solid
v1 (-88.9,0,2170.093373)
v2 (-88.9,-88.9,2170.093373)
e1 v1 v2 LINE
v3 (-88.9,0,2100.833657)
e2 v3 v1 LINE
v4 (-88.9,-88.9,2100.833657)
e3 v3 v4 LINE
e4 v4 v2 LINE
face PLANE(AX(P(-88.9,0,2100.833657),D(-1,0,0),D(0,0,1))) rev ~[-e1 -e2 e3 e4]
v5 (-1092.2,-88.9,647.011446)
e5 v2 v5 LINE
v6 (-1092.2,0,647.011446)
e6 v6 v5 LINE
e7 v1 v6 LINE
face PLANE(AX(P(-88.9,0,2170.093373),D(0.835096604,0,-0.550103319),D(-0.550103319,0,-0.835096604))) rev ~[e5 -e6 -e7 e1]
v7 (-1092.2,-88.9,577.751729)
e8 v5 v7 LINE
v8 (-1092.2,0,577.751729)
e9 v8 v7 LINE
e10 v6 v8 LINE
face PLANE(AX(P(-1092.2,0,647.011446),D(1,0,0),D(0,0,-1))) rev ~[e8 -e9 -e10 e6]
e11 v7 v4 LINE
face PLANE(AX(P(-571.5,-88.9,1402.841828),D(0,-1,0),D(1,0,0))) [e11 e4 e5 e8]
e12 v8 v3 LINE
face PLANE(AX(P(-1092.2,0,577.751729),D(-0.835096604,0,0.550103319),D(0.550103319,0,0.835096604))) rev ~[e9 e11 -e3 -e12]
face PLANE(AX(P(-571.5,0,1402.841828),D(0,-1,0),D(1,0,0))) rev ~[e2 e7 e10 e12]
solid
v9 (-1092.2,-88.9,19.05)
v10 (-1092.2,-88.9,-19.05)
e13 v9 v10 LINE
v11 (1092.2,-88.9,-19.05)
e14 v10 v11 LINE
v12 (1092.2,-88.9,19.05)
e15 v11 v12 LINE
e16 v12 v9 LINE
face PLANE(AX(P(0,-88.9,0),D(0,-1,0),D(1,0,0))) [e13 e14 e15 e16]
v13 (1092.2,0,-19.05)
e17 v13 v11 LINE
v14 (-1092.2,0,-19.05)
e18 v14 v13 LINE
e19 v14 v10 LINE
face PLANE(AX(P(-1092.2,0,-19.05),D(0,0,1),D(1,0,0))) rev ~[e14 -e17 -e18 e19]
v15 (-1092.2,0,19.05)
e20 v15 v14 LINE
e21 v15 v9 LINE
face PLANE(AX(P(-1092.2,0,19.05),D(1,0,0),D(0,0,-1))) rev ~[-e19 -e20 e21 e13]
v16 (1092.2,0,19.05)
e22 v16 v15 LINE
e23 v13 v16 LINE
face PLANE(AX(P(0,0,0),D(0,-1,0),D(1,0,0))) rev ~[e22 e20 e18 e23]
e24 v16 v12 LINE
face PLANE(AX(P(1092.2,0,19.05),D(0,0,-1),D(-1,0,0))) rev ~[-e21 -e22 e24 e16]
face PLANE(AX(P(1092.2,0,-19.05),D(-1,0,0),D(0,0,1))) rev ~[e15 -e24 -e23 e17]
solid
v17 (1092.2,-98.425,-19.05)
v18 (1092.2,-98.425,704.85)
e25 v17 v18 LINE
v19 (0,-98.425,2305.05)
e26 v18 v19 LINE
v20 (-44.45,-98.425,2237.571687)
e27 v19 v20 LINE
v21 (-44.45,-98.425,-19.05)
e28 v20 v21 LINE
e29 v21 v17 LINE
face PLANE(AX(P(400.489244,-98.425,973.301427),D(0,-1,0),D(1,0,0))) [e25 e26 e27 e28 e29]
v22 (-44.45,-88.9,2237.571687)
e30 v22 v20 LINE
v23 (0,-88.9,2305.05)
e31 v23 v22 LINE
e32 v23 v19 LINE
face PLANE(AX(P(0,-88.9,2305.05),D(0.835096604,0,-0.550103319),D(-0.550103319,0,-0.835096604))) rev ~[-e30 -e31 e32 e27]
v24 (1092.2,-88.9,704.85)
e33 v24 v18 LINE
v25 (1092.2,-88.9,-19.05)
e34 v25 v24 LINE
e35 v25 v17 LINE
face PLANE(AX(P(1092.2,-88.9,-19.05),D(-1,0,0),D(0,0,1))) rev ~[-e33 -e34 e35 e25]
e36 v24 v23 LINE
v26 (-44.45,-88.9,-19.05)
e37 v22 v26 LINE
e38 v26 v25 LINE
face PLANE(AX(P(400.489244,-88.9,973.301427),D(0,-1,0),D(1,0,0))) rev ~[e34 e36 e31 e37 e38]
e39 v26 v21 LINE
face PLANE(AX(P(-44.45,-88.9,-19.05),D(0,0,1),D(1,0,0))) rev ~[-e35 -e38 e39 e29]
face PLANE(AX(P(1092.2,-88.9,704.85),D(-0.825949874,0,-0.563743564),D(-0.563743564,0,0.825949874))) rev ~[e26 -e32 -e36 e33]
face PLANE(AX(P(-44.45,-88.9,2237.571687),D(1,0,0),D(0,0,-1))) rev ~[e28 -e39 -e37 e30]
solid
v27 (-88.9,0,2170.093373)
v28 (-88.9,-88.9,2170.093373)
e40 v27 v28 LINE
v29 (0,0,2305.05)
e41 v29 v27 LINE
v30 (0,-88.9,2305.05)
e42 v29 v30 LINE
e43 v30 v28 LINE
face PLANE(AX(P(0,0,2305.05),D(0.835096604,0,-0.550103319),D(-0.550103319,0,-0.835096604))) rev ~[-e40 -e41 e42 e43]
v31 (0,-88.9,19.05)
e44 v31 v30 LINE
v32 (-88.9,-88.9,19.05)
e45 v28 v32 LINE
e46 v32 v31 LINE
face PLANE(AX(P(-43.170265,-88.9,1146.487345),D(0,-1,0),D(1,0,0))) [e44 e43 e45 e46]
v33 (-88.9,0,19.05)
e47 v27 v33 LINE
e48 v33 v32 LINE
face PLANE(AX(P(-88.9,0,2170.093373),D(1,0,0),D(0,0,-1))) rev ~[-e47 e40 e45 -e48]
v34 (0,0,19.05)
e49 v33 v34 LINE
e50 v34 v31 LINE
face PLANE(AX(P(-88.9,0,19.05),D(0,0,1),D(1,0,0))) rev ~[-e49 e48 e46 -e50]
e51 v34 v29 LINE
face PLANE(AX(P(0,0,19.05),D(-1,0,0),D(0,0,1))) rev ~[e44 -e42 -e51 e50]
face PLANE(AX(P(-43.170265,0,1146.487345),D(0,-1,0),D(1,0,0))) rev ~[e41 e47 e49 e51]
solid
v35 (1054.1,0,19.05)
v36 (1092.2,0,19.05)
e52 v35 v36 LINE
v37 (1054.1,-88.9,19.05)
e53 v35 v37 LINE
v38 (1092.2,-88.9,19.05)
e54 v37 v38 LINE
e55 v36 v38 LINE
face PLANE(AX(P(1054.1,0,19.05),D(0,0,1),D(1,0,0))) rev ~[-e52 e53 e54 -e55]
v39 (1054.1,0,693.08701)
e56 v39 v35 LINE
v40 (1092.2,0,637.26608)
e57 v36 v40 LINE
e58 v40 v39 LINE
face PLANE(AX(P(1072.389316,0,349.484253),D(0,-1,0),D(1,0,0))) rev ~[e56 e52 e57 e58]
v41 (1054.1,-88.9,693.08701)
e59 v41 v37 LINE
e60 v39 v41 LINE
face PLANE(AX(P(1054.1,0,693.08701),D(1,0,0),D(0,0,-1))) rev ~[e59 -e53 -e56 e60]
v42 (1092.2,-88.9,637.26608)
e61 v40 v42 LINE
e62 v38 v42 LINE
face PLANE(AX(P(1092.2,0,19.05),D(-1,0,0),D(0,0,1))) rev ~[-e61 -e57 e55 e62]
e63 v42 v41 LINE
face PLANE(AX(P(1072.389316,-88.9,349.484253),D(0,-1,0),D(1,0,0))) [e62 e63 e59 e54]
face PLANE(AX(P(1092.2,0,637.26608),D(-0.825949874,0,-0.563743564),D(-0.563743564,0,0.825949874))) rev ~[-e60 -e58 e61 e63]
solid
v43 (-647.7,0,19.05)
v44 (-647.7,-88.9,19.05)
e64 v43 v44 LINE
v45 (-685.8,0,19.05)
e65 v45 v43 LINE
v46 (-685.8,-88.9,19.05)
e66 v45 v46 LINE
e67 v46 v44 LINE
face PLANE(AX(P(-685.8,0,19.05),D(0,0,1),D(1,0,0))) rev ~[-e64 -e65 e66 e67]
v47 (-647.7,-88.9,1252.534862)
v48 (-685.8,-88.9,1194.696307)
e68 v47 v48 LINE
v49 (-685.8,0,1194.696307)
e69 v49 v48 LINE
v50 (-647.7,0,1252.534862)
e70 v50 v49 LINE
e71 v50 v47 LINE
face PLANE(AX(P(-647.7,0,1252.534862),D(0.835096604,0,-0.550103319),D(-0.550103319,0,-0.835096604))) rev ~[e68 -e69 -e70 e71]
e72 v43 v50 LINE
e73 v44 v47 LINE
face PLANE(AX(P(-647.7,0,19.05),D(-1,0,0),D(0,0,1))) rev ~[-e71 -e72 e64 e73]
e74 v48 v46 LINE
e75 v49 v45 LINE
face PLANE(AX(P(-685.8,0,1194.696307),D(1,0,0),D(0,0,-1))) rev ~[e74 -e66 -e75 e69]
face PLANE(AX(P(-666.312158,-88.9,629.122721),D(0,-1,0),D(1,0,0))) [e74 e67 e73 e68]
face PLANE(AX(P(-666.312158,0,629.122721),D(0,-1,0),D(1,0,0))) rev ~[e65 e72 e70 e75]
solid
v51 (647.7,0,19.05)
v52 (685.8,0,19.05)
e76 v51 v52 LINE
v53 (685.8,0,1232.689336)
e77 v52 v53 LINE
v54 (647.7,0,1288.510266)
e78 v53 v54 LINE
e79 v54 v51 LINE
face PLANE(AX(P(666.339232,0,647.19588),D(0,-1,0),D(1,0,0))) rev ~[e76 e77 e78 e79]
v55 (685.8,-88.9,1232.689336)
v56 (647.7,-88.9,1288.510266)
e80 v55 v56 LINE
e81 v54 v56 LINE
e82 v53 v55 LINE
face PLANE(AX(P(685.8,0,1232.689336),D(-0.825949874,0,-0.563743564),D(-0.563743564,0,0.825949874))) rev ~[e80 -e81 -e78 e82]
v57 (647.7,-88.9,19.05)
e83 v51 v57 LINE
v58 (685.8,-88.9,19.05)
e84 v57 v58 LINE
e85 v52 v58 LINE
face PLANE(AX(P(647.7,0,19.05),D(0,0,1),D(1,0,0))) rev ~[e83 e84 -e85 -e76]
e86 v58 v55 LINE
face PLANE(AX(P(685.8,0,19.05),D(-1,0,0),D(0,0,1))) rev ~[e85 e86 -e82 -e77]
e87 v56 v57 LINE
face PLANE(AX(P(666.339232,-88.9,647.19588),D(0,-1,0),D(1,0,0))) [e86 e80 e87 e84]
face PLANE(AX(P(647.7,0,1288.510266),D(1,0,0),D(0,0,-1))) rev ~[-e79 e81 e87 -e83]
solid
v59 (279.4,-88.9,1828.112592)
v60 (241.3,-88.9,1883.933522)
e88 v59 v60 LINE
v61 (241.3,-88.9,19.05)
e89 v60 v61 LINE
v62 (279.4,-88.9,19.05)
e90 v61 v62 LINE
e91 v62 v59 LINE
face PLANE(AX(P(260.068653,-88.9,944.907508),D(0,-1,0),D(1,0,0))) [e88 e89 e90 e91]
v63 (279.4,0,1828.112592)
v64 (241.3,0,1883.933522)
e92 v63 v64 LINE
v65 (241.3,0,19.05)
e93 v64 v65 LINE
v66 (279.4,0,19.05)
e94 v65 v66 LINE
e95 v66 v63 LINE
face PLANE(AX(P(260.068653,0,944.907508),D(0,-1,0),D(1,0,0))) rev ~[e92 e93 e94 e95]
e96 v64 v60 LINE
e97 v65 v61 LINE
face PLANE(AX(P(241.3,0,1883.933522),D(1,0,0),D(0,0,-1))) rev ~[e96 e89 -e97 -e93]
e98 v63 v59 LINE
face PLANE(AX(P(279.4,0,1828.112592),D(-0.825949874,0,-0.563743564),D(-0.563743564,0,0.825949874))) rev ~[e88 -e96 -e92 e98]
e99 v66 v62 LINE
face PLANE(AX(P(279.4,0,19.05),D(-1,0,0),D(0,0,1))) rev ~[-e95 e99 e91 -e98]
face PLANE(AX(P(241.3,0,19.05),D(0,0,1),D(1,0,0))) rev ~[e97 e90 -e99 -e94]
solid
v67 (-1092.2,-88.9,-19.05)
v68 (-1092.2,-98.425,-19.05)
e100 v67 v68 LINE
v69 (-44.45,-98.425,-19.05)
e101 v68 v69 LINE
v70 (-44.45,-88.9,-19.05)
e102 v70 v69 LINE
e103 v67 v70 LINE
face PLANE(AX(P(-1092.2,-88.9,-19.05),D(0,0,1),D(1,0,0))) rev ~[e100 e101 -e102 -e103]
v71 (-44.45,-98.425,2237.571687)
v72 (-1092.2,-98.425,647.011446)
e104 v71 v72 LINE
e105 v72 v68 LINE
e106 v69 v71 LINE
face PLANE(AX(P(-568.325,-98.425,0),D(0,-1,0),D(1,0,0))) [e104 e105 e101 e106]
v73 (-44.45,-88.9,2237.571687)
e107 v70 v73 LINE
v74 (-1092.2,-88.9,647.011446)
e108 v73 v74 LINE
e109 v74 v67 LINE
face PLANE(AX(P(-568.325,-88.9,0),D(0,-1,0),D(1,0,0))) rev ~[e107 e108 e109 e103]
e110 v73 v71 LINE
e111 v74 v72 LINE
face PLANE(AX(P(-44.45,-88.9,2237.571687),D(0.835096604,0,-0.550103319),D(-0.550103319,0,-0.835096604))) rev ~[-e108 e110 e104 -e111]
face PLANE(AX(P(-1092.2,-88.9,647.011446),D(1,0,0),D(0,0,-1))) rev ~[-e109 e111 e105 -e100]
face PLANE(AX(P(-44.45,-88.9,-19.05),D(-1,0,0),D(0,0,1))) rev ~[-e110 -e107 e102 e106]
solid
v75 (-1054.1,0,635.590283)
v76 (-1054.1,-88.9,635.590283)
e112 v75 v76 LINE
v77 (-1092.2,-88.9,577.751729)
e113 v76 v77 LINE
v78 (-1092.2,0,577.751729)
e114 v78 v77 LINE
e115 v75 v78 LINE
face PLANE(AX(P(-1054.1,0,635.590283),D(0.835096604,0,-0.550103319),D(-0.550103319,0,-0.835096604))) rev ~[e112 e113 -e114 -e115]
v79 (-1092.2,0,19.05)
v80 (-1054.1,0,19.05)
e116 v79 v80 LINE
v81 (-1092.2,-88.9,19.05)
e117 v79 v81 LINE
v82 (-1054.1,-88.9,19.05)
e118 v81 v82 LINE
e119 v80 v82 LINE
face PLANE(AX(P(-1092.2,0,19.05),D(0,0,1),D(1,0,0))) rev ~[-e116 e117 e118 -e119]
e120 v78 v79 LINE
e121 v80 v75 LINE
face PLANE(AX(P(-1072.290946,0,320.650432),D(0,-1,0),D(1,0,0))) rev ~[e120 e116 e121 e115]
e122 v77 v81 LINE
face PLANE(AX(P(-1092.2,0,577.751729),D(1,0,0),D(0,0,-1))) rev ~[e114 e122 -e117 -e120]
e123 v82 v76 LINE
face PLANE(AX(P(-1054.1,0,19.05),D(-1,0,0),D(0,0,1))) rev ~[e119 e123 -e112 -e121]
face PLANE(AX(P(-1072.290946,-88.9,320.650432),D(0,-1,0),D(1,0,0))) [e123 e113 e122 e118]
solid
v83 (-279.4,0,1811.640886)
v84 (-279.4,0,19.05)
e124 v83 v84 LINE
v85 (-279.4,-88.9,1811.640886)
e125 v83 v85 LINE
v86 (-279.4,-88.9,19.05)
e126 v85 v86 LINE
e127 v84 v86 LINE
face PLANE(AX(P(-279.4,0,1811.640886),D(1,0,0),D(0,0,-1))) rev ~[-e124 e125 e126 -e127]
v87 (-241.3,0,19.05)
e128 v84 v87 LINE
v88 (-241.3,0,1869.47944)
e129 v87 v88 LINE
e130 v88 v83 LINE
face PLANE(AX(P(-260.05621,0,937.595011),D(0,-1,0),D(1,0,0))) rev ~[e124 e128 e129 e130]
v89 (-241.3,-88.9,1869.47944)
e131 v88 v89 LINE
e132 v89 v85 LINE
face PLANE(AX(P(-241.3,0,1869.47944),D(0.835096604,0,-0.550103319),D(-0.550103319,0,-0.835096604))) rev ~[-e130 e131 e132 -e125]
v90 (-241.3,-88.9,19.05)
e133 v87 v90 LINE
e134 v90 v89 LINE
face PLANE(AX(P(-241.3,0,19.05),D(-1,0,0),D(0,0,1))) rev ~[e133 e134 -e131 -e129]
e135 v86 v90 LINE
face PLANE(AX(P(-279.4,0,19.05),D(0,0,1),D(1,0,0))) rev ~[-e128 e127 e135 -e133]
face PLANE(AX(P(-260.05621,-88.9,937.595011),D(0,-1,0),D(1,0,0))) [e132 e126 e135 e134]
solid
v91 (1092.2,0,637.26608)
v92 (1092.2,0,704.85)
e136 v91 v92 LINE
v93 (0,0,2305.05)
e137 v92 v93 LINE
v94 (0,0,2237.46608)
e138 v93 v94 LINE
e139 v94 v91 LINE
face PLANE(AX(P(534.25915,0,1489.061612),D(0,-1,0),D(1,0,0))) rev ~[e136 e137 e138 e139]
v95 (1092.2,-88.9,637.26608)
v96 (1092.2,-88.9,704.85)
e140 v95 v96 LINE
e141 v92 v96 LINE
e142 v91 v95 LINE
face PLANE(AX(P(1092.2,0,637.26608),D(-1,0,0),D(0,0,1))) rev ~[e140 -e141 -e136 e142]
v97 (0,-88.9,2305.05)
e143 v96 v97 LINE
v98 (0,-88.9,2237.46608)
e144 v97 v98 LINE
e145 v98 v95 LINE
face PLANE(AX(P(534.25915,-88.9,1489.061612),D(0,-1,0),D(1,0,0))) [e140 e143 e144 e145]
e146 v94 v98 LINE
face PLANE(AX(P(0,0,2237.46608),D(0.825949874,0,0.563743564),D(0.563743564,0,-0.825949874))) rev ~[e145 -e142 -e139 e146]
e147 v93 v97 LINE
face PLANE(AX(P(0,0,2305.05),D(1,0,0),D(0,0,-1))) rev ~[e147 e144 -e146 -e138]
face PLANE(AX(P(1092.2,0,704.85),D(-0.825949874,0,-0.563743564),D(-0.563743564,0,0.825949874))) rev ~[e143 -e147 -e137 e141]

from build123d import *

# Parameters (mm, degrees)
F1_DEPTH = 88.9
F2_DEPTH = 88.9
F4_DEPTH = 9.525
F5_DEPTH = 9.525


with BuildPart() as f1:
    # F0 (on Front) → F1 (new body)
    with BuildSketch(Plane.XZ):
        Polygon((-1092.2, 577.7517291082), (-1092.2, 19.05), (-1054.1, 19.05), (-1054.1, 635.590283325), align=None)
    extrude(amount=F1_DEPTH)


with BuildPart() as f1b:
    # F0 (on Front) → F1, piece 2 (new body)
    with BuildSketch(Plane.XZ):
        Polygon((-685.8, 1194.6963074214), (-685.8, 19.05), (-647.7, 19.05), (-647.7, 1252.5348616383), align=None)
    extrude(amount=F1_DEPTH)


with BuildPart() as f1c:
    # F0 (on Front) → F1, piece 3 (new body)
    with BuildSketch(Plane.XZ):
        Polygon((-279.4, 1811.6408857347), (-279.4, 19.05), (-241.3, 19.05), (-241.3, 1869.4794399515), align=None)
    extrude(amount=F1_DEPTH)


with BuildPart() as f1d:
    # F0 (on Front) → F1, piece 4 (new body)
    with BuildSketch(Plane.XZ):
        Polygon((0, 2237.46607993), (0, 2305.05), (-88.9, 2170.093373494), (-88.9, 2100.833656819), (-88.9, 19.05), (0, 19.05), align=None)
    extrude(amount=F1_DEPTH)


with BuildPart() as f1e:
    # F0 (on Front) → F1, piece 5 (new body)
    with BuildSketch(Plane.XZ):
        Polygon((241.3, 19.05), (279.4, 19.05), (279.4, 1828.1125915579), (241.3, 1883.9335217905), align=None)
    extrude(amount=F1_DEPTH)


with BuildPart() as f1f:
    # F0 (on Front) → F1, piece 6 (new body)
    with BuildSketch(Plane.XZ):
        Polygon((647.7, 19.05), (685.8, 19.05), (685.8, 1232.689335744), (647.7, 1288.5102659765), align=None)
    extrude(amount=F1_DEPTH)


with BuildPart() as f1g:
    # F0 (on Front) → F1, piece 7 (new body)
    with BuildSketch(Plane.XZ):
        Polygon((1054.1, 19.05), (1092.2, 19.05), (1092.2, 637.26607993), (1054.1, 693.0870101626), align=None)
    extrude(amount=F1_DEPTH)


with BuildPart() as f2:
    # F0 (on Front) → F2 (new body)
    with BuildSketch(Plane.XZ):
        Polygon((-1054.1, 704.85), (-1054.1, 635.590283325), (-685.8, 1194.6963074214), (-647.7, 1252.5348616383), (-279.4, 1811.6408857347), (-241.3, 1869.4794399515), (-88.9, 2100.833656819), (-88.9, 2170.093373494), align=None)
        Polygon((-1092.2, 647.0114457831), (-1092.2, 577.7517291082), (-1054.1, 635.590283325), (-1054.1, 704.85), align=None)
    extrude(amount=F2_DEPTH)


with BuildPart() as f2b:
    # F0 (on Front) → F2, piece 2 (new body)
    with BuildSketch(Plane.XZ):
        Polygon((685.8, 1232.689335744), (1054.1, 693.0870101626), (1054.1, 704.85), (1092.2, 704.85), (0, 2305.05), (0, 2237.46607993), (241.3, 1883.9335217905), (279.4, 1828.1125915579), (647.7, 1288.5102659765), align=None)
        Polygon((1054.1, 693.0870101626), (1092.2, 637.26607993), (1092.2, 704.85), (1054.1, 704.85), align=None)
    extrude(amount=F2_DEPTH)


with BuildPart() as f2c:
    # F0 (on Front) → F2, piece 3 (new body)
    with BuildSketch(Plane.XZ):
        Polygon((-1092.2, -19.05), (1092.2, -19.05), (1092.2, 19.05), (1054.1, 19.05), (685.8, 19.05), (647.7, 19.05), (279.4, 19.05), (241.3, 19.05), (0, 19.05), (-88.9, 19.05), (-241.3, 19.05), (-279.4, 19.05), (-647.7, 19.05), (-685.8, 19.05), (-1054.1, 19.05), (-1092.2, 19.05), align=None)
    extrude(amount=F2_DEPTH)


with BuildPart() as f4:
    # F3 (on face) → F4 (new body)
    with BuildSketch(Plane.XZ.offset(88.9)):
        Polygon((-88.9, 19.05), (-1092.2, 19.05), (-1092.2, -19.05), (-44.45, -19.05), (-44.45, 19.05), align=None)
        Polygon((-1092.2, 577.7517291082), (-1092.2, 19.05), (-88.9, 19.05), (-88.9, 2170.093373494), (-1092.2, 647.0114457831), align=None)
        Polygon((-88.9, 2170.093373494), (-88.9, 19.05), (-44.45, 19.05), (-44.45, 2237.571686747), align=None)
    extrude(amount=F4_DEPTH)


with BuildPart() as f5:
    # F3 (on face) → F5 (new body)
    with BuildSketch(Plane.XZ.offset(88.9)):
        Polygon((0, 2305.05), (0, 19.05), (1092.2, 19.05), (1092.2, 637.26607993), (1092.2, 704.85), align=None)
        Polygon((-44.45, 19.05), (-44.45, -19.05), (1092.2, -19.05), (1092.2, 19.05), (0, 19.05), align=None)
        Polygon((-44.45, 2237.571686747), (-44.45, 19.05), (0, 19.05), (0, 2305.05), align=None)
    extrude(amount=F5_DEPTH)


solid = Compound([f1.part, f1b.part, f1c.part, f1d.part, f1e.part, f1f.part, f1g.part, f2.part, f2b.part, f2c.part, f4.part, f5.part])
